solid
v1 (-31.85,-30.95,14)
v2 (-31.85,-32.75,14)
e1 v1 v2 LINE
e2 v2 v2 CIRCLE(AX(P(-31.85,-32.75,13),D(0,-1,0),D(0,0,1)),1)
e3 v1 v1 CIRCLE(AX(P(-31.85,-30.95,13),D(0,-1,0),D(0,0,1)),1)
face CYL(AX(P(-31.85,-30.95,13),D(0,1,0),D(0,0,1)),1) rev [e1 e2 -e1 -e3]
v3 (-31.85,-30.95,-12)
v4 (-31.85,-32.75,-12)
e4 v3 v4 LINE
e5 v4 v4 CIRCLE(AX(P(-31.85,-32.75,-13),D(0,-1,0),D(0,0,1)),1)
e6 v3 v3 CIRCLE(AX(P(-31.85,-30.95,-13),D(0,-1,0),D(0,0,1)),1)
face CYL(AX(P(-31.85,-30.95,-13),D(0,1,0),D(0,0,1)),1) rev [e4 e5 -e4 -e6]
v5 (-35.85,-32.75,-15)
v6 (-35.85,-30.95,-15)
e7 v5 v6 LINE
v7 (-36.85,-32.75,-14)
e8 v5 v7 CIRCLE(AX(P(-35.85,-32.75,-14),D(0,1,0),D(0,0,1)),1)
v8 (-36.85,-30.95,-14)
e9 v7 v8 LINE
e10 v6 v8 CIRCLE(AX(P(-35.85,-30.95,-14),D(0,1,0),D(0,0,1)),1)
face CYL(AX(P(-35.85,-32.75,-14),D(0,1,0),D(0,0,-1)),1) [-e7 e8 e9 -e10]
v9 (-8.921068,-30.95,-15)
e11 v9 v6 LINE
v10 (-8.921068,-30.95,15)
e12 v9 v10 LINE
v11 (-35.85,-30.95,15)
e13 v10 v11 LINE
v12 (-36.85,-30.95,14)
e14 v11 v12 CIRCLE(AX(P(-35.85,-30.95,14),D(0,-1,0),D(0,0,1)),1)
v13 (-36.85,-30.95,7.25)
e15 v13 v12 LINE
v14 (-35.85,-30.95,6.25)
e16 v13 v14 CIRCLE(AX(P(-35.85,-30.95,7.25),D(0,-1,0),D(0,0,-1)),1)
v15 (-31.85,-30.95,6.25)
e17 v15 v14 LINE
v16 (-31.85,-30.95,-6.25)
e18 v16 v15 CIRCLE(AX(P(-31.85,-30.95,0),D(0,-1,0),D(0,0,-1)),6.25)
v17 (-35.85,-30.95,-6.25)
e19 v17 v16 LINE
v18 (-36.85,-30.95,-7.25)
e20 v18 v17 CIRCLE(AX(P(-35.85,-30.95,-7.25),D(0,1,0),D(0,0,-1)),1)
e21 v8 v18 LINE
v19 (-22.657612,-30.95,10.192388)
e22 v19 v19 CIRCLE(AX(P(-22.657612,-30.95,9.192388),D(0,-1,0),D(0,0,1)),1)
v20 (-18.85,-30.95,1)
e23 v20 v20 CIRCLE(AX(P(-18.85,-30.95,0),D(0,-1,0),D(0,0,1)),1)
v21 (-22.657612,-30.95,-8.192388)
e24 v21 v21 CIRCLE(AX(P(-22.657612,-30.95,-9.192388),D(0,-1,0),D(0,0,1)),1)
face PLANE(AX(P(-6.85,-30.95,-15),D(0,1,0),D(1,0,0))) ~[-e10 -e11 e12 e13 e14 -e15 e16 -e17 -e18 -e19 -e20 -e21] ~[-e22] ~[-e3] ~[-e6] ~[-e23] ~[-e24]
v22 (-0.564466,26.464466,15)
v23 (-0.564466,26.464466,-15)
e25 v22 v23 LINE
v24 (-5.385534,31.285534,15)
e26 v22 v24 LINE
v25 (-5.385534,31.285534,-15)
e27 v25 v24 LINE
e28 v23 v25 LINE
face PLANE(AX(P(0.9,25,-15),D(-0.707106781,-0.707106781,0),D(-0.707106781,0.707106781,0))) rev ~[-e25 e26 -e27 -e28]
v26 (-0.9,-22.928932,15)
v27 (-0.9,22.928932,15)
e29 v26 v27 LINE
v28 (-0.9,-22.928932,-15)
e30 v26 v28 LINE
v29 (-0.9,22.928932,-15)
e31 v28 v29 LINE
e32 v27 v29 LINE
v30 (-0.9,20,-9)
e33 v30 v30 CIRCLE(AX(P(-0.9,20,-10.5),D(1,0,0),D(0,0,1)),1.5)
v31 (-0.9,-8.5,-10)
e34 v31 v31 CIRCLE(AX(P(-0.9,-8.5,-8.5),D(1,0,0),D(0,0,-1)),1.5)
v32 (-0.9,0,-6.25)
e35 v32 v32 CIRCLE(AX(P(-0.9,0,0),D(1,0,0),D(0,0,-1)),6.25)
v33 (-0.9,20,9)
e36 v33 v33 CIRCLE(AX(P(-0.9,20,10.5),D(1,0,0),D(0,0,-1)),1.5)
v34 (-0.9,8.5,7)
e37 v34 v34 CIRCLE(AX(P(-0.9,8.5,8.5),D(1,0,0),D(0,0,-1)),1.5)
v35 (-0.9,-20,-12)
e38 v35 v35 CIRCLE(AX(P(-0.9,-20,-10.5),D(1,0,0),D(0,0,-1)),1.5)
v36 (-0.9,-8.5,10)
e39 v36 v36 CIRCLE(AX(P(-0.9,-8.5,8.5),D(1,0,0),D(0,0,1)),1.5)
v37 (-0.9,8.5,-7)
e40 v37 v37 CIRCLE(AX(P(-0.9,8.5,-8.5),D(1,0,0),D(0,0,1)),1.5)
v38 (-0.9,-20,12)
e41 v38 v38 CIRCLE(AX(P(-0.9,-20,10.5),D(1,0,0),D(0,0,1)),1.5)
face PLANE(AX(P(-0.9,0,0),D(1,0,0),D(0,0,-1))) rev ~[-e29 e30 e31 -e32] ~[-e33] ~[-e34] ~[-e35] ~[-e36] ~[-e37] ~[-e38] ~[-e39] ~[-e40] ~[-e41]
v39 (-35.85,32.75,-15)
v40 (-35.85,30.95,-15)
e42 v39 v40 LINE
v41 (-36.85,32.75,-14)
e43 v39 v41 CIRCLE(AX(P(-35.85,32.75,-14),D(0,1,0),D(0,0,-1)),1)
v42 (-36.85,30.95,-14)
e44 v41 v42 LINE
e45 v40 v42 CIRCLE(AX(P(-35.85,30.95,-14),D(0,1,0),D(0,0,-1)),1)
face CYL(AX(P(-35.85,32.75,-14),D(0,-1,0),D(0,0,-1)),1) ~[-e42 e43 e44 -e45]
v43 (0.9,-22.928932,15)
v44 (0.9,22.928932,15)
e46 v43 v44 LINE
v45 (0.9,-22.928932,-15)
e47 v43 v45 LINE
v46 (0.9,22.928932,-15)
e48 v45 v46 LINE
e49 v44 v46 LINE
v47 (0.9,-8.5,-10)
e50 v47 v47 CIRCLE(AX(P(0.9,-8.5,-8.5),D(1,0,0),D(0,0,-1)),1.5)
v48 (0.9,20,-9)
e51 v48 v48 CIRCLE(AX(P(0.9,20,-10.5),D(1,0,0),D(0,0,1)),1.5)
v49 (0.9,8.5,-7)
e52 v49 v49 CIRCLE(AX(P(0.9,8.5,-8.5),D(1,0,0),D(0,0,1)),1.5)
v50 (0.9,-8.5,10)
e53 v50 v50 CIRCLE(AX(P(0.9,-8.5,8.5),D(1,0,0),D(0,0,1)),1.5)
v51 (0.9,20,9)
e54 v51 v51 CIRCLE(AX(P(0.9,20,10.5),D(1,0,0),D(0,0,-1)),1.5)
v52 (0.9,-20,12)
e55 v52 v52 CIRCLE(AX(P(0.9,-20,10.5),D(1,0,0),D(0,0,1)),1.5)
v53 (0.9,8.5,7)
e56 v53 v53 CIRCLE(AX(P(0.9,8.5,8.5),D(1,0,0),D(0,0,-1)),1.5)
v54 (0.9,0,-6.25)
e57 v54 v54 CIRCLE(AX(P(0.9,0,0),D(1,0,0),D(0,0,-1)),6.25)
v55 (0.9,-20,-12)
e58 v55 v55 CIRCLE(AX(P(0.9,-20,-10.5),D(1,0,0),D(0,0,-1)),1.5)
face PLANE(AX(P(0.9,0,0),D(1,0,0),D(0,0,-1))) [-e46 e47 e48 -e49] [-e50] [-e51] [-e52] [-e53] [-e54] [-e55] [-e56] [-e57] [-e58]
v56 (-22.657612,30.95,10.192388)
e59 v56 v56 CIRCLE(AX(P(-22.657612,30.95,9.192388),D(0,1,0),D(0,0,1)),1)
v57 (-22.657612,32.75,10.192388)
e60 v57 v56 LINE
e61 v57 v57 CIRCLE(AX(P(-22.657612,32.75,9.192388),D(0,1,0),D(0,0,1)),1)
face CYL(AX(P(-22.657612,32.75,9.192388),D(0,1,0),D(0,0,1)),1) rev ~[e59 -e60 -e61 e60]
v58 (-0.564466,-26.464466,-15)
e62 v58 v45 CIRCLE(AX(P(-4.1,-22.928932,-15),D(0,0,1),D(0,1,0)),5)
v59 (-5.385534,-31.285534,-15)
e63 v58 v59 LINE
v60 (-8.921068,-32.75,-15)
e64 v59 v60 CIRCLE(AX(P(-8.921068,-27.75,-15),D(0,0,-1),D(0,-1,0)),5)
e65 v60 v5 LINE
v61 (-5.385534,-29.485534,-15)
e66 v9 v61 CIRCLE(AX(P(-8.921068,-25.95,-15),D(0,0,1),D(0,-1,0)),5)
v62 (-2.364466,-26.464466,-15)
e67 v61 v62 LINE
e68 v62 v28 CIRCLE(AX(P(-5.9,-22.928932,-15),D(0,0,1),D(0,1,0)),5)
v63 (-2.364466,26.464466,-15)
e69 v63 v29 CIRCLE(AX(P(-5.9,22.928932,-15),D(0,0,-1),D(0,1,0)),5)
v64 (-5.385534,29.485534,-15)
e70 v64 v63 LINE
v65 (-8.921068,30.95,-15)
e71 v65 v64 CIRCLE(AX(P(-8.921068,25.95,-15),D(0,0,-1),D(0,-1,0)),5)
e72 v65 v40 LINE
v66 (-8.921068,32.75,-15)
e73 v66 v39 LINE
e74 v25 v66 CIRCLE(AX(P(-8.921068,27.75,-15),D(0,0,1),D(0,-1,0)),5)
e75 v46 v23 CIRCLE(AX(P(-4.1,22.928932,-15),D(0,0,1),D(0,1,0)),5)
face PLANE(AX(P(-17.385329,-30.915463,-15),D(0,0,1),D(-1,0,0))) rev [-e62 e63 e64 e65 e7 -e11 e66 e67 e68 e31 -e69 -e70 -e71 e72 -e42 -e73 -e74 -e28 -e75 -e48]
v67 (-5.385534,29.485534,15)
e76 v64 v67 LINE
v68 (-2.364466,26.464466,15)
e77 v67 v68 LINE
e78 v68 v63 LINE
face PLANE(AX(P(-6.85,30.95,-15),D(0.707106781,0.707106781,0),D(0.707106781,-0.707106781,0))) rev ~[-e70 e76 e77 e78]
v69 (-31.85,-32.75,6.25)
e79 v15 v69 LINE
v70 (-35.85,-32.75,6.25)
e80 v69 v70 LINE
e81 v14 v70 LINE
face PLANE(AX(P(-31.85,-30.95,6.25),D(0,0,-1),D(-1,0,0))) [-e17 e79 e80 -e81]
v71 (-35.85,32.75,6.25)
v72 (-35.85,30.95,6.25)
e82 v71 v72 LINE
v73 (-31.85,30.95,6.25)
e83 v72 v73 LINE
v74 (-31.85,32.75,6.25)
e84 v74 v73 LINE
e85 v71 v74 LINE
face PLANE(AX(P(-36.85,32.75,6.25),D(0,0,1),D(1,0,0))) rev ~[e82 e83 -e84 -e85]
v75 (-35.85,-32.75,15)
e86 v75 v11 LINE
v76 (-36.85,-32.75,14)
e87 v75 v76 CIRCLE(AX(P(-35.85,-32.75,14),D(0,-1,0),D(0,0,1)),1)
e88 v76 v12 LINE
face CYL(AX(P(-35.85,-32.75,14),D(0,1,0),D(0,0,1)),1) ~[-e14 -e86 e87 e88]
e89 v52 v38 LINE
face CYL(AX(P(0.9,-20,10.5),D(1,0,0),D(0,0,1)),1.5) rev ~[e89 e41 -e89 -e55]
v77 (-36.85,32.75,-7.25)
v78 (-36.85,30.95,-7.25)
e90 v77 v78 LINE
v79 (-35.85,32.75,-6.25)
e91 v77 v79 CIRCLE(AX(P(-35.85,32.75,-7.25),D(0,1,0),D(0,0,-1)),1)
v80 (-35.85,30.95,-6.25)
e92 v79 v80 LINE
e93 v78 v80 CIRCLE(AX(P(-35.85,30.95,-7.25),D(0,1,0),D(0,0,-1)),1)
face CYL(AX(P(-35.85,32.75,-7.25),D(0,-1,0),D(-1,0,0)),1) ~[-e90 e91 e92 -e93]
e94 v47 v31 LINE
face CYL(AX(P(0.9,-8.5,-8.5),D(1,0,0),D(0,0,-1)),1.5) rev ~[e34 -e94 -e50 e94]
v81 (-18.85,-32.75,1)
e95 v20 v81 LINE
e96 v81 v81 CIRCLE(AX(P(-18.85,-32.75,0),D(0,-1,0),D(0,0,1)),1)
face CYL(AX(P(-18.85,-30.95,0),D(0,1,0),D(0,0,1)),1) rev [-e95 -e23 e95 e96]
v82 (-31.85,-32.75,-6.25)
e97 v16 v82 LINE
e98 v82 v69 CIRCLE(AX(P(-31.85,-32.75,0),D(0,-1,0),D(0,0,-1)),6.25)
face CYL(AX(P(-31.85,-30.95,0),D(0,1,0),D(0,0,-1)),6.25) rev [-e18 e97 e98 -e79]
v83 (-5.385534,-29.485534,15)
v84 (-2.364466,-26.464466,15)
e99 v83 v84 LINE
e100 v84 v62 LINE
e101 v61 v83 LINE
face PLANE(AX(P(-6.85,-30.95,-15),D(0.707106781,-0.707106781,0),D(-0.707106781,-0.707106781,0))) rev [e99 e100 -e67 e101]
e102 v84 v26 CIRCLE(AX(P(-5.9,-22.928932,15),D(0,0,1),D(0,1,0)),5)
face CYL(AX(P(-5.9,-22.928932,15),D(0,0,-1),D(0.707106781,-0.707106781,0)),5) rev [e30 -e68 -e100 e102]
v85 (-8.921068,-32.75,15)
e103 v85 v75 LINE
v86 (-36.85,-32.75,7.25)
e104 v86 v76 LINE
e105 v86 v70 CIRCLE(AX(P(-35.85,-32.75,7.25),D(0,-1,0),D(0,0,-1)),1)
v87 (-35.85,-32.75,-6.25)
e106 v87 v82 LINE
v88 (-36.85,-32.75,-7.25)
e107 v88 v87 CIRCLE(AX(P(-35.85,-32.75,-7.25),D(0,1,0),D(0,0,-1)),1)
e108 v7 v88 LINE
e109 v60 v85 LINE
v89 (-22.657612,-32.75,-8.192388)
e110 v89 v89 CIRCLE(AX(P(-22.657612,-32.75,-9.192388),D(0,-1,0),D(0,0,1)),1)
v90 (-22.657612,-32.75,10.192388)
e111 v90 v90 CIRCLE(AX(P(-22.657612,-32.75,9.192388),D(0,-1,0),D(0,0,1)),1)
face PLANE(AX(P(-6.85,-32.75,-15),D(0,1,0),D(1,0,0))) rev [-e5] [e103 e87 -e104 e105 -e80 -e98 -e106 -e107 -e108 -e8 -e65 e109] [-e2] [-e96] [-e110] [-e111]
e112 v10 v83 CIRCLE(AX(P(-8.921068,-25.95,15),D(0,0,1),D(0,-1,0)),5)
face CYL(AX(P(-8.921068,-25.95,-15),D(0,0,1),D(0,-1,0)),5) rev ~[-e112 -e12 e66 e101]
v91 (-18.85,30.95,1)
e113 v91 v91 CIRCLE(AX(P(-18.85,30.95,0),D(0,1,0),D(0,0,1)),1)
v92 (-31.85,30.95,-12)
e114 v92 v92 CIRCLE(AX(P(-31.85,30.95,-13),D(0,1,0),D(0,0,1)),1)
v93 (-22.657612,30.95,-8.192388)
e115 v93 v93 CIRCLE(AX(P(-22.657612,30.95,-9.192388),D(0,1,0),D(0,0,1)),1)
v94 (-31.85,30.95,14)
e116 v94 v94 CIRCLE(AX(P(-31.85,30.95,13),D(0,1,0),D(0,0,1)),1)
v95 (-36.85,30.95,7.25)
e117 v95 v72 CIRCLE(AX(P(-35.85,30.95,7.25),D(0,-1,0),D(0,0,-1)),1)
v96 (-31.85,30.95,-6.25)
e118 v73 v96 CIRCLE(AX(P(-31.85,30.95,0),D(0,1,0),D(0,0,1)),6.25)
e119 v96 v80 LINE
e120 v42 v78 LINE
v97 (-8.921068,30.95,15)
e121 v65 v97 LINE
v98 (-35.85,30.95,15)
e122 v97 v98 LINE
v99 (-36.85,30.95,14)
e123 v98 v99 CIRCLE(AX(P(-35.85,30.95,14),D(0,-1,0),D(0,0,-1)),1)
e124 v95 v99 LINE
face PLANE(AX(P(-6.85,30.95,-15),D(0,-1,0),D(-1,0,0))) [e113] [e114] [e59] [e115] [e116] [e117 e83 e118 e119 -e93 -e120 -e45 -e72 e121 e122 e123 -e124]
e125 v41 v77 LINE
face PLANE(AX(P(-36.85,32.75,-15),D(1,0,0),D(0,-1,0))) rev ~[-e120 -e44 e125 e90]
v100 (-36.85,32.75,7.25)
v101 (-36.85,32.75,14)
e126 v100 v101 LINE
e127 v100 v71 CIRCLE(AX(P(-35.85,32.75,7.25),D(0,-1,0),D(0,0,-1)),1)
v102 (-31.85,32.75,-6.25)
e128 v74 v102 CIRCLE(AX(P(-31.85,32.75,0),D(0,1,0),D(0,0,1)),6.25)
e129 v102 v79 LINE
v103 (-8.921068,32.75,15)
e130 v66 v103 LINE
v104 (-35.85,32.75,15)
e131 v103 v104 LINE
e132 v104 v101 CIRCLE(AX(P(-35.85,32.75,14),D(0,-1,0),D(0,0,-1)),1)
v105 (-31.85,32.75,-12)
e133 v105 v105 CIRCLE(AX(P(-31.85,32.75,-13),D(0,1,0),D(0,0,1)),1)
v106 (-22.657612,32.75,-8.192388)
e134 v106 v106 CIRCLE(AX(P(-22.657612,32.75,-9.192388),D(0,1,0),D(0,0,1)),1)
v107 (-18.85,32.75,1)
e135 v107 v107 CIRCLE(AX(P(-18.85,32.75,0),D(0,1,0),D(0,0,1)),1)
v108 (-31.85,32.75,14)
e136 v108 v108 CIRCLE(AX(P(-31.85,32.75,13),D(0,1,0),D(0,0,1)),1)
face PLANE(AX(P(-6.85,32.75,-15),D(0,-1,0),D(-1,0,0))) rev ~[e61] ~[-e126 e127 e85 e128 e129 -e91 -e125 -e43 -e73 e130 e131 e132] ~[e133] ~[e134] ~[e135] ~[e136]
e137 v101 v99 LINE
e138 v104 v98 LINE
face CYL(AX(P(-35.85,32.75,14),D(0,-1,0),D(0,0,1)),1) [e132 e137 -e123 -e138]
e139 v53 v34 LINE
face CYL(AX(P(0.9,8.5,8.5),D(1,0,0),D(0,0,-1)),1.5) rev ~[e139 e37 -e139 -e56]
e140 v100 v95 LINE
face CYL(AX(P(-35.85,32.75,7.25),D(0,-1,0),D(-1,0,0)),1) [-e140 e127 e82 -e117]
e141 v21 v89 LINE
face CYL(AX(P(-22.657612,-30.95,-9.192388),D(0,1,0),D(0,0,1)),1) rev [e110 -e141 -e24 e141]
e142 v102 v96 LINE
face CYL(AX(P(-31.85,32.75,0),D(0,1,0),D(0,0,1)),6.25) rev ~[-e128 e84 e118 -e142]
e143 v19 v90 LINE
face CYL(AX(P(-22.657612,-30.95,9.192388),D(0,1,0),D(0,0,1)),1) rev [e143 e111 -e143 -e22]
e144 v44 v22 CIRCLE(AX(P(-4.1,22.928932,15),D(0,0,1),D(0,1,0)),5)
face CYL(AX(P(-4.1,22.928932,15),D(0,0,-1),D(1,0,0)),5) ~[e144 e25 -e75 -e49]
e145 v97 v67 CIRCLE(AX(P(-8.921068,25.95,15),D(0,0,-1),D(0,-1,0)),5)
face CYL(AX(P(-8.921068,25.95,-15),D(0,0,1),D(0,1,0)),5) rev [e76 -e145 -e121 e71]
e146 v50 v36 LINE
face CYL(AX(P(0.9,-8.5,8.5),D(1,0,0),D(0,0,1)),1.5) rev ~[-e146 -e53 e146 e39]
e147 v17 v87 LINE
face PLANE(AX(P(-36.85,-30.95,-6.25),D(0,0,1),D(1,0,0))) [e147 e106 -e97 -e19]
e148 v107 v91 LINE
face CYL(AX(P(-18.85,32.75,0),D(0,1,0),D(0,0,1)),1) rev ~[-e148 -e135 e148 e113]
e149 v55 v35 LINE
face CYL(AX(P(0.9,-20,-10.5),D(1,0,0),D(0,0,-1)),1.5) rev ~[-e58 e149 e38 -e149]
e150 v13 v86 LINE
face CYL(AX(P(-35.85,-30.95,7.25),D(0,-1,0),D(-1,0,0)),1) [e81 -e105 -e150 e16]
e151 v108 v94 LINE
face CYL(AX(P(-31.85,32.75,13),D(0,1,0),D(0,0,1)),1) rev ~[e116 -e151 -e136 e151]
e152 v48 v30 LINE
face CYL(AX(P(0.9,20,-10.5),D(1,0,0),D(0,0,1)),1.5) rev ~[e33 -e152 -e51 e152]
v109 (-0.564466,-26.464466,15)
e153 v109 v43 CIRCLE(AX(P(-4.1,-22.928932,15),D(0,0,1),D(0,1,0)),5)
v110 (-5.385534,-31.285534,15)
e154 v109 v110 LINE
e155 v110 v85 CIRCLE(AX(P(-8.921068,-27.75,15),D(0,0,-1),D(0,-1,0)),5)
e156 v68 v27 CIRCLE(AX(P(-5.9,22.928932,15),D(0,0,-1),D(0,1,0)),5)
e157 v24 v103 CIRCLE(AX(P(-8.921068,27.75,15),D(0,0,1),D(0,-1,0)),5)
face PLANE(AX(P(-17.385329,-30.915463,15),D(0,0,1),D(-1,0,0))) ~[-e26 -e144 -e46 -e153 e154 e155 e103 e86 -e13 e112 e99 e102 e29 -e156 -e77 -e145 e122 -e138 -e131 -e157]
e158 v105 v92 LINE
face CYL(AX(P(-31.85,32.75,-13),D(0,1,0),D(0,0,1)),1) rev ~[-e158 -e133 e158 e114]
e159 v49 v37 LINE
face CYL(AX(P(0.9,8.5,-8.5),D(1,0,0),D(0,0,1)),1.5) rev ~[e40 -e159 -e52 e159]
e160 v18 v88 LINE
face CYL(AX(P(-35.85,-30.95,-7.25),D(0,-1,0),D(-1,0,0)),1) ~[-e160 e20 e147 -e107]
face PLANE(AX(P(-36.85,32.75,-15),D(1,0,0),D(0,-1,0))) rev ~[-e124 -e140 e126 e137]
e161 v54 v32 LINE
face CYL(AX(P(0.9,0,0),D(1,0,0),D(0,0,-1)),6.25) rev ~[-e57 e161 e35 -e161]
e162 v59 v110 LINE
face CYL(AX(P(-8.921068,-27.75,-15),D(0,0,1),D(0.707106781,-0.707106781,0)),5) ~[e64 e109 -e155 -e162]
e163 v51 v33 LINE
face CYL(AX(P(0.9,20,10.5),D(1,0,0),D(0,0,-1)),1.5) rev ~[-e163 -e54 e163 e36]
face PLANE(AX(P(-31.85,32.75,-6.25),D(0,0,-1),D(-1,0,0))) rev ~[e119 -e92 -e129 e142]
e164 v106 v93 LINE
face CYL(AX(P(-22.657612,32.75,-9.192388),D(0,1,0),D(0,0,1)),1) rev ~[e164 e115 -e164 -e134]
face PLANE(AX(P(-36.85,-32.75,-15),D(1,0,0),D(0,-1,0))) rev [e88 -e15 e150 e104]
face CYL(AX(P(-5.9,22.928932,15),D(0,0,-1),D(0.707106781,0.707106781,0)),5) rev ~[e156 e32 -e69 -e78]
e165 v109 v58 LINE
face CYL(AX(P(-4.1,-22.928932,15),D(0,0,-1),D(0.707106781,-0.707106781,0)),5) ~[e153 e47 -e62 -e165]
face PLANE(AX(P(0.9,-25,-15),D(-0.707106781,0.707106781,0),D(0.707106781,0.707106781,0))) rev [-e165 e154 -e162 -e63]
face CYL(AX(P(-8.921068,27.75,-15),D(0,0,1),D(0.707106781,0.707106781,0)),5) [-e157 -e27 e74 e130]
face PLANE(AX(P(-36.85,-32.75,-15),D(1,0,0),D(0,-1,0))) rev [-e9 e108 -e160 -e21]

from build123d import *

# Parameters (mm, degrees)
SKETCH_1_W          = 30
SKETCH_1_H          = 50
EXTRUDE_1_DEPTH     = 0.9
SKETCH_2_R          = 6.25
SKETCH_2_R_2        = 1.5
CUT_EXTRUDE_1_DEPTH = 1.8
EXTRUDE_2_DEPTH     = 30
SKETCH_4_R          = 1
CUT_EXTRUDE_2_DEPTH = 1.8
FILLET_1_R          = 5
CUT_EXTRUDE_START   = -1.8
SKETCH_5_R          = 1
CUT_EXTRUDE_3_DEPTH = 1.8
FILLET_2_R          = 1


with BuildPart() as part:
    # ｽｹｯﾁ1 → ﾎﾞｽ - 押し出し1 (new, symmetric)
    with BuildSketch(Plane(origin=(0, 0, 0), x_dir=(0, 0, -1), z_dir=(1, 0, 0))):
        Rectangle(SKETCH_1_W, SKETCH_1_H)
    extrude(amount=EXTRUDE_1_DEPTH, both=True)

    # ｽｹｯﾁ2 → ｶｯﾄ - 押し出し1 (cut)
    with BuildSketch(Plane(origin=(0.9, 0, 0), x_dir=(0, 0, -1), z_dir=(1, 0, 0))):
        Circle(SKETCH_2_R)
        with Locations((-10.5, 20)):
            Circle(SKETCH_2_R_2)
        with Locations(Location((10.5, 20, 0), (0, 0, 180))):
            Circle(SKETCH_2_R_2)
        with Locations((10.5, -20)):
            Circle(SKETCH_2_R_2)
        with Locations(Location((-10.5, -20, 0), (0, 0, 180))):
            Circle(SKETCH_2_R_2)
        with Locations((-8.5, 8.5)):
            Circle(SKETCH_2_R_2)
        with Locations(Location((8.5, 8.5, 0), (0, 0, 180))):
            Circle(SKETCH_2_R_2)
        with Locations((8.5, -8.5)):
            Circle(SKETCH_2_R_2)
        with Locations(Location((-8.5, -8.5, 0), (0, 0, 180))):
            Circle(SKETCH_2_R_2)
    extrude(amount=-CUT_EXTRUDE_1_DEPTH, mode=Mode.SUBTRACT)

    # ｽｹｯﾁ3 → ﾎﾞｽ - 押し出し2 (add)
    with BuildSketch(Plane(origin=(0, 0, -15), x_dir=(-1, 0, 0), z_dir=(0, 0, -1))):
        Polygon((-0.9, 25), (6.85, 32.75), (36.85, 32.75), (36.85, 30.95), (7.85, 30.95), (6.85, 30.95), (0.9, 25), align=None)
    extrude_2 = extrude(amount=-EXTRUDE_2_DEPTH)

    # ｽｹｯﾁ4 → ｶｯﾄ - 押し出し2 (cut)
    with BuildSketch(Plane(origin=(0, 32.75, 0), x_dir=(1, 0, 0), z_dir=(0, 1, 0))):
        with BuildLine():
            ThreePointArc((-31.85, -6.25), (-25.6, 0), (-31.85, 6.25))
            Line((-31.85, 6.25), (-36.85, 6.25))
            Line((-36.85, 6.25), (-36.85, -6.25))
            Line((-36.85, -6.25), (-31.85, -6.25))
        make_face()
        with Locations(Location((-31.85, 13, 0), (0, 0, 270))):
            Circle(SKETCH_4_R)
        with Locations(Location((-22.657611845, 9.192388155, 0), (0, 0, 270))):
            Circle(SKETCH_4_R)
        with Locations(Location((-18.85, 0, 0), (0, 0, 270))):
            Circle(SKETCH_4_R)
        with Locations(Location((-22.657611845, -9.192388155, 0), (0, 0, 270))):
            Circle(SKETCH_4_R)
        with Locations(Location((-31.85, -13, 0), (0, 0, 270))):
            Circle(SKETCH_4_R)
    extrude(amount=-CUT_EXTRUDE_2_DEPTH, mode=Mode.SUBTRACT)

    # ﾐﾗｰ2: ﾎﾞｽ - 押し出し2 across plane
    add(extrude_2.mirror(Plane.ZX))

    # ﾌｨﾚｯﾄ1
    fillet_1_edges = [part.edges().sort_by_distance(p)[0] for p in [
        (-6.85, -30.95, 0),
        (-6.85, -32.75, 0),
        (0.9, -25, 0),
        (-0.9, -25, 0),
        (-6.85, 32.75, 0),
        (-6.85, 30.95, 0),
        (-0.9, 25, 0),
        (0.9, 25, 0),
    ]]
    fillet(fillet_1_edges, radius=FILLET_1_R)

    # ｽｹｯﾁ5 → ｶｯﾄ - 押し出し3 (cut)
    with BuildSketch(Plane.XZ.offset(32.75).offset(CUT_EXTRUDE_START)):
        with BuildLine():
            ThreePointArc((-31.85, -6.25), (-25.6, 0), (-31.85, 6.25))
            Line((-31.85, 6.25), (-36.85, 6.25))
            Line((-36.85, 6.25), (-36.85, -6.25))
            Line((-36.85, -6.25), (-31.85, -6.25))
        make_face()
        with Locations(Location((-31.85, 13, 0), (0, 0, 90))):
            Circle(SKETCH_5_R)
        with Locations(Location((-22.657611845, 9.192388155, 0), (0, 0, 90))):
            Circle(SKETCH_5_R)
        with Locations(Location((-18.85, 0, 0), (0, 0, 90))):
            Circle(SKETCH_5_R)
        with Locations(Location((-22.657611845, -9.192388155, 0), (0, 0, 90))):
            Circle(SKETCH_5_R)
        with Locations(Location((-31.85, -13, 0), (0, 0, 90))):
            Circle(SKETCH_5_R)
    extrude(amount=CUT_EXTRUDE_3_DEPTH, mode=Mode.SUBTRACT)

    # ﾌｨﾚｯﾄ2
    fillet_2_edges = [part.edges().sort_by_distance(p)[0] for p in [
        (-36.85, -31.85, -15),
        (-36.85, -31.85, 15),
        (-36.85, -31.85, -6.25),
        (-36.85, -31.85, 6.25),
        (-36.85, 31.85, 15),
        (-36.85, 31.85, -15),
        (-36.85, 31.85, 6.25),
        (-36.85, 31.85, -6.25),
    ]]
    fillet(fillet_2_edges, radius=FILLET_2_R)


solid = part.part
